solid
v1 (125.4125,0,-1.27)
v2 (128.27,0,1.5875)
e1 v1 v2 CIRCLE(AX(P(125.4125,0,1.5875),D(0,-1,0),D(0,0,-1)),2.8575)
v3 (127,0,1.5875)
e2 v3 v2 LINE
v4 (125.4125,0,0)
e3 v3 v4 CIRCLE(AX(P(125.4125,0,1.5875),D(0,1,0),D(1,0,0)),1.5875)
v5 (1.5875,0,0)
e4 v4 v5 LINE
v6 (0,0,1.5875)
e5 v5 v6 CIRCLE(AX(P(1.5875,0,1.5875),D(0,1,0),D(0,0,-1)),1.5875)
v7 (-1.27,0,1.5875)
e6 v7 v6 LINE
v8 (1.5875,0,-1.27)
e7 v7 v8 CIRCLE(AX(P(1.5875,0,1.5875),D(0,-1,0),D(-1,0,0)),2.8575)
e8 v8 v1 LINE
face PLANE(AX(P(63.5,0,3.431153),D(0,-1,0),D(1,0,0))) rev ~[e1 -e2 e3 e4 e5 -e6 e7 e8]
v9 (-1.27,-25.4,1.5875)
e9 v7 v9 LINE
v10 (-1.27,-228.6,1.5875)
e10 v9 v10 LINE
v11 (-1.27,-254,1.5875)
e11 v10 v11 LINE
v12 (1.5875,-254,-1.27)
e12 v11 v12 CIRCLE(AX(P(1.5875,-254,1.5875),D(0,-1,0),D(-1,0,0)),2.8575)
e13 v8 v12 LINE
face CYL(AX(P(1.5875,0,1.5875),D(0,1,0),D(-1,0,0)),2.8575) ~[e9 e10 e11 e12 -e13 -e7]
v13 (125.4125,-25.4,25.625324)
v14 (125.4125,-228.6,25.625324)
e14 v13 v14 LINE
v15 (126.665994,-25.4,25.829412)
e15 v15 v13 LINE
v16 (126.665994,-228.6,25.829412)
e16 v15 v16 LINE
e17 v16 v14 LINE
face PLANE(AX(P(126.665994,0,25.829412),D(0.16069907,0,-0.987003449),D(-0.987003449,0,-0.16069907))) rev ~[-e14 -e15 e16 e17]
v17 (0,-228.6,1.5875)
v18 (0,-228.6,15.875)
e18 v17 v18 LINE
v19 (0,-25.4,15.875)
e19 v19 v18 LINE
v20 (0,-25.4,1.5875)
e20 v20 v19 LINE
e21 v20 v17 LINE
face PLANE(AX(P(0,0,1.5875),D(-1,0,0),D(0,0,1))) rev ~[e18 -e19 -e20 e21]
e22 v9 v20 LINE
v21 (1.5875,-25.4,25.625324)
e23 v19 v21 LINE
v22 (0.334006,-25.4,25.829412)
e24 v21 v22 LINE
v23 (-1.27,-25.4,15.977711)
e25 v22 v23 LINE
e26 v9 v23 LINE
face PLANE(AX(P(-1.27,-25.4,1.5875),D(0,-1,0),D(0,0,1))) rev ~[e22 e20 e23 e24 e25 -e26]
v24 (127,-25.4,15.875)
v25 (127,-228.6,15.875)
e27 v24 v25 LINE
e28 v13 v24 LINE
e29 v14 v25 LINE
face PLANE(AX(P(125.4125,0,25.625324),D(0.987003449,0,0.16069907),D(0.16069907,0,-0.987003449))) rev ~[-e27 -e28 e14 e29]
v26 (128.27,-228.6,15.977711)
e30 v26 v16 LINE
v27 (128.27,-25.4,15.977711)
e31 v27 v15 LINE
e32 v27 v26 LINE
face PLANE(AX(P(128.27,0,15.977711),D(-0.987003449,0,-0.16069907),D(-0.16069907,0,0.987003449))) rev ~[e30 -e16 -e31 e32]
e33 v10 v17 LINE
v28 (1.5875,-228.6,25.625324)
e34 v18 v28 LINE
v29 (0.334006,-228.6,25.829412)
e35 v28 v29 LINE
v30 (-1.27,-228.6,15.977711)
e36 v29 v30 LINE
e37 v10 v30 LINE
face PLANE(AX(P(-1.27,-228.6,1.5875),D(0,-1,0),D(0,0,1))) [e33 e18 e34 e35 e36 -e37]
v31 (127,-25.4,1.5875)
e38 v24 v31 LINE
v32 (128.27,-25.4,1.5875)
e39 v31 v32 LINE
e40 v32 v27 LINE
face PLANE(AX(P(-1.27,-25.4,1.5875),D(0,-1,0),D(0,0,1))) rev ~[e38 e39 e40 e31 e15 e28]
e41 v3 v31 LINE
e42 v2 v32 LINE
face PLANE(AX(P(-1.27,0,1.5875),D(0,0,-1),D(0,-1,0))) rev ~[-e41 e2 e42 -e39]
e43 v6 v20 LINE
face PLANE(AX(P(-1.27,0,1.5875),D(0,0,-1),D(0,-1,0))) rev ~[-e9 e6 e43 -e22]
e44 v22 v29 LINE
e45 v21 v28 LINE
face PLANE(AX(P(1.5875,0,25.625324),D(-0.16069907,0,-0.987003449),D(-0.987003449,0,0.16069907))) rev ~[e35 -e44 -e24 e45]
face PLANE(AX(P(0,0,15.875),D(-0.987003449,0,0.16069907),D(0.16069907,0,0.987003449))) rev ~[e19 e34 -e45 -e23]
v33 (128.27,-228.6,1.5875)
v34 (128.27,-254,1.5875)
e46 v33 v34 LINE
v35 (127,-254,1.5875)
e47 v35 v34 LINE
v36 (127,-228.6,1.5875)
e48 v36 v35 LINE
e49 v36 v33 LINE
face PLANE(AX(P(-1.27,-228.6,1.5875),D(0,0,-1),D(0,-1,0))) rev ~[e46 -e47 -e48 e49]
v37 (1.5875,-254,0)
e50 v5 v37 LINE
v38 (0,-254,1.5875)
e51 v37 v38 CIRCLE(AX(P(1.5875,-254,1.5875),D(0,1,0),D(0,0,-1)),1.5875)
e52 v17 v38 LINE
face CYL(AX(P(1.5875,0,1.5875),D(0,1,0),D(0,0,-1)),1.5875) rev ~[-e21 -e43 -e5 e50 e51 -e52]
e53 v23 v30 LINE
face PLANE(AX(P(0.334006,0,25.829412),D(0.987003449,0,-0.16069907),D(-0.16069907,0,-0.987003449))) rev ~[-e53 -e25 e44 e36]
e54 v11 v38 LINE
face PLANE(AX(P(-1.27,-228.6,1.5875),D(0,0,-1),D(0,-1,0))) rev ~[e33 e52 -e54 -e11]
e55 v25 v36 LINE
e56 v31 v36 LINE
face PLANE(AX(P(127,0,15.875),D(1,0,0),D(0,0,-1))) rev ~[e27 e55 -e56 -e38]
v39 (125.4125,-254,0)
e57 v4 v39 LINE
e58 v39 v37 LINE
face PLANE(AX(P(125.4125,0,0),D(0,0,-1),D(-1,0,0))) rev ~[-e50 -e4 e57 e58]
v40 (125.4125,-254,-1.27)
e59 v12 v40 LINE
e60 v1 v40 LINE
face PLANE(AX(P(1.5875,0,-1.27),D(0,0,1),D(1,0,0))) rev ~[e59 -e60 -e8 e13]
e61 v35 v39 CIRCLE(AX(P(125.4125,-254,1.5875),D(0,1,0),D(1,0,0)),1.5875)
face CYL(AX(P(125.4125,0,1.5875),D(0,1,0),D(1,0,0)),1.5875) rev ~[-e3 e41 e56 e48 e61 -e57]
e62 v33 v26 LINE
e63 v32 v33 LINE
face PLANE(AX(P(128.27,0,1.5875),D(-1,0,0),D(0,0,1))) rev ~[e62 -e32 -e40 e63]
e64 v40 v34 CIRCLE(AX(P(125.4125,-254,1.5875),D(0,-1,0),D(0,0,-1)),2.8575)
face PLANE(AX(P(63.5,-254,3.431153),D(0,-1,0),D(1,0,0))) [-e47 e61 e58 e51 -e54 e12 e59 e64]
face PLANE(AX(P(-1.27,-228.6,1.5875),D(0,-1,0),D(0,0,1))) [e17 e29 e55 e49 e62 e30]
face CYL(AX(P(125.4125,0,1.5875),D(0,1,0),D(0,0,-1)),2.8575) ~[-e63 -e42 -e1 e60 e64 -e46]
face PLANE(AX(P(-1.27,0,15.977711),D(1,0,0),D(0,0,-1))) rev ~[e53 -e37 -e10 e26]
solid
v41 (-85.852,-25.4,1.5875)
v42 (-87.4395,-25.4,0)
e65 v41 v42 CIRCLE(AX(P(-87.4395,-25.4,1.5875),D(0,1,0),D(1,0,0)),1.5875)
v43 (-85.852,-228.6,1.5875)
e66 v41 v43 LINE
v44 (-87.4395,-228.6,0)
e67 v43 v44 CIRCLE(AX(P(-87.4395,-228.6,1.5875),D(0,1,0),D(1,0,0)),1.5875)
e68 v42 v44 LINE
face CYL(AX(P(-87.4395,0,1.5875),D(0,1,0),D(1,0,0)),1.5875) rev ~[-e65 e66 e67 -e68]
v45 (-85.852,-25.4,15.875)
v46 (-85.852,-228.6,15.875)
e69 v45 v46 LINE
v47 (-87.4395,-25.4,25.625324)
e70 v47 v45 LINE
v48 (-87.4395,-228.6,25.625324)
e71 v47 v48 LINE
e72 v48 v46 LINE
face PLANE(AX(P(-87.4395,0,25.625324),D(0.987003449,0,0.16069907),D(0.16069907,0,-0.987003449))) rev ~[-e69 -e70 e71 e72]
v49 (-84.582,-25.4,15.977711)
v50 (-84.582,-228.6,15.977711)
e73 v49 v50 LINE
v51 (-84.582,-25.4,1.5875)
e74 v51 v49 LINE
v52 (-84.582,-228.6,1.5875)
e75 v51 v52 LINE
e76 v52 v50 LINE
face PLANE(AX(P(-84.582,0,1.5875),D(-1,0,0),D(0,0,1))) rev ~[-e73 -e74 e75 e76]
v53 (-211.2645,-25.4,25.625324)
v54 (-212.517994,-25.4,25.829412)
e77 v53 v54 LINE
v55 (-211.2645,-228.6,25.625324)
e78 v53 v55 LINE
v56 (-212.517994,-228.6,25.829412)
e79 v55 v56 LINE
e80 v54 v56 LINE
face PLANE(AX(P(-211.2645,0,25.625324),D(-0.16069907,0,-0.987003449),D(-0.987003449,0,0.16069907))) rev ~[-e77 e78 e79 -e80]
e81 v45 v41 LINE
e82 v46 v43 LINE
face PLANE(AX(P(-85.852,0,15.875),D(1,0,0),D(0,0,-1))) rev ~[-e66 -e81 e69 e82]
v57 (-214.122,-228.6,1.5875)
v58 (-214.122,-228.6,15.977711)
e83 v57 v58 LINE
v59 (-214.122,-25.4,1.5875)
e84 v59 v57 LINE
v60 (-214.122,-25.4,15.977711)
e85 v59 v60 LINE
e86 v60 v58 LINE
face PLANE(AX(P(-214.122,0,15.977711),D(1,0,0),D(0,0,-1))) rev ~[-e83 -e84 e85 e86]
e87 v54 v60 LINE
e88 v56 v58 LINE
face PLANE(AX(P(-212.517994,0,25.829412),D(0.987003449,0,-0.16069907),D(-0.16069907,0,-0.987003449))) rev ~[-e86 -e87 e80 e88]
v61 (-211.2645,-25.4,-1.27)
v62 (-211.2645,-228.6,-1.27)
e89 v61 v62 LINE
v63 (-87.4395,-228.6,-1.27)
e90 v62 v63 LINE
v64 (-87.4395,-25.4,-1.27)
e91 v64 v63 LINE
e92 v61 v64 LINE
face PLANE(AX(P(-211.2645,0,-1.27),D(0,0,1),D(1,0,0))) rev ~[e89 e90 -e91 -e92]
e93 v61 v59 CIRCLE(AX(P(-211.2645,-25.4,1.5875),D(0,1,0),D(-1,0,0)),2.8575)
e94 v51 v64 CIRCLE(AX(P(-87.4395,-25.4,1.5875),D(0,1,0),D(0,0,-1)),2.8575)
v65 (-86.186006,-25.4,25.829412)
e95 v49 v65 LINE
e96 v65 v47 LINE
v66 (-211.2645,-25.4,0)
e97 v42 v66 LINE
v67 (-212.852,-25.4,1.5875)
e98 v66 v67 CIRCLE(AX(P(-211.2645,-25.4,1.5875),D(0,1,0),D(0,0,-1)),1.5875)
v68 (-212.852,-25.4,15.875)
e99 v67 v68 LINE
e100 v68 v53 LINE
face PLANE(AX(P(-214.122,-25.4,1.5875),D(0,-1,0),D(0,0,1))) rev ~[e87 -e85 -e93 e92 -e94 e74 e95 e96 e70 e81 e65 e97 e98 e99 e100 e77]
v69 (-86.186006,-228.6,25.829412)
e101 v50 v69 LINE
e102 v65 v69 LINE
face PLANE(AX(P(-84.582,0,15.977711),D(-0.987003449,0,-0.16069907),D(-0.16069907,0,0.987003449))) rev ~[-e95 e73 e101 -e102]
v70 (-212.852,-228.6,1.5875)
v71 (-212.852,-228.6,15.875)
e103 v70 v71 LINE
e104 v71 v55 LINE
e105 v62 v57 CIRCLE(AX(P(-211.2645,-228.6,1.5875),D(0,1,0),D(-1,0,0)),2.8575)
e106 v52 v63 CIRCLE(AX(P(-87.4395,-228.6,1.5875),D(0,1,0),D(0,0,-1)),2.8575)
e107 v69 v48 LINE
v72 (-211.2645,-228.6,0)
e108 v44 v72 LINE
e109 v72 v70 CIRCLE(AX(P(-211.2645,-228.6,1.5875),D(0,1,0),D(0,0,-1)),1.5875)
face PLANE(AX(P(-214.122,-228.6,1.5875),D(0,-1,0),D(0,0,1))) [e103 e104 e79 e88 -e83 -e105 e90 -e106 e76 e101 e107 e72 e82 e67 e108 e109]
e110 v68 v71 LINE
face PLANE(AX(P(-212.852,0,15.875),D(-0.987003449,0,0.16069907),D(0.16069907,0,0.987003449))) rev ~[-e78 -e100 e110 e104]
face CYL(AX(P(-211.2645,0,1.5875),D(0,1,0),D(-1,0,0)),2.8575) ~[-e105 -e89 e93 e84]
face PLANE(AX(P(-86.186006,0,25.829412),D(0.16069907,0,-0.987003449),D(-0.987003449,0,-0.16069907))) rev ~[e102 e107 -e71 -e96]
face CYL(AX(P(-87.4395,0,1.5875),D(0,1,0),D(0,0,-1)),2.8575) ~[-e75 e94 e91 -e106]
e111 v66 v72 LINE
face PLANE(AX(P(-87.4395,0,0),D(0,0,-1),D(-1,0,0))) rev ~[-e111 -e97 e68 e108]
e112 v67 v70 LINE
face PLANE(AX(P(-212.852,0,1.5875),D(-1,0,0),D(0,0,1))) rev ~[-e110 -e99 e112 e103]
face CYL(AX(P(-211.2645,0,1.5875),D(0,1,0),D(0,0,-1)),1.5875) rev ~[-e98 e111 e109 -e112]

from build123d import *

# Parameters (mm, degrees)
F1_DEPTH  = 254
F3_DEPTH  = 1.27
F5_DEPTH  = 1.27
F6_W      = 25.4
F6_H      = 24.2419116952
F7_DEPTH  = 129.541
F9_W      = 25.4
F9_H      = 3.5516537219
F9_W_2    = 25.5614472866
F9_H_2    = 3.244402954
F10_DEPTH = 342.393


with BuildPart() as f1:
    # F0 (on Front) → F1 (new body)
    with BuildSketch(Plane.XZ):
        with BuildLine():
            Line((0, 1.5875), (0, 15.875))
            Line((0, 15.875), (1.5875, 25.6253238767))
            Line((1.5875, 25.6253238767), (0.3340056193, 25.8294116952))
            Line((0.3340056193, 25.8294116952), (-1.27, 15.9777113559))
            Line((-1.27, 15.9777113559), (-1.27, 1.5875))
            ThreePointArc((-1.27, 1.5875), (-0.4330576272, -0.4330576272), (1.5875, -1.27))
            Line((1.5875, -1.27), (63.5, -1.27))
            Line((63.5, -1.27), (125.4125, -1.27))
            ThreePointArc((125.4125, -1.27), (127.4330576272, -0.4330576272), (128.27, 1.5875))
            Line((128.27, 1.5875), (128.27, 15.9777113559))
            Line((128.27, 15.9777113559), (126.6659943807, 25.8294116952))
            Line((126.6659943807, 25.8294116952), (125.4125, 25.6253238767))
            Line((125.4125, 25.6253238767), (127, 15.875))
            Line((127, 15.875), (127, 1.5875))
            ThreePointArc((127, 1.5875), (126.5350320151, 0.4649679849), (125.4125, 0))
            Line((125.4125, 0), (63.5, 0))
            Line((63.5, 0), (1.5875, 0))
            ThreePointArc((1.5875, 0), (0.4649679849, 0.4649679849), (0, 1.5875))
        make_face()
    extrude(amount=F1_DEPTH)

    # F2 (on face) → F3 (cut, through all)
    with BuildSketch(Plane(origin=(-3.7714366405, 0, 0.6140468504), x_dir=(0, -1, 0), z_dir=(-0.9870034493, 0, 0.1606990697))):
        with BuildLine():
            ThreePointArc((250.825, 25.5473928299), (253.0700640303, 24.6174568602), (254, 22.3723928299))
            Line((254, 22.3723928299), (254, 25.5473928299))
            Line((254, 25.5473928299), (250.825, 25.5473928299))
        make_face()
        with BuildLine():
            ThreePointArc((0, 22.3723928299), (0.9299359697, 24.6174568602), (3.175, 25.5473928299))
            Line((3.175, 25.5473928299), (0, 25.5473928299))
            Line((0, 25.5473928299), (0, 22.3723928299))
        make_face()
    extrude(amount=-F3_DEPTH, mode=Mode.SUBTRACT)

    # F4 (on face) → F5 (cut, through all)
    with BuildSketch(Plane(origin=(127.4917643851, 0, 20.7575849295), x_dir=(0, 1, 0), z_dir=(0.9870034493, 0, 0.1606990697))):
        with BuildLine():
            ThreePointArc((-254, 1.9636109837), (-253.0700640303, 4.208675014), (-250.825, 5.1386109837))
            Line((-250.825, 5.1386109837), (-254, 5.1386109837))
            Line((-254, 5.1386109837), (-254, 1.9636109837))
        make_face()
        with BuildLine():
            ThreePointArc((-3.175, 5.1386109837), (-0.9299359697, 4.208675014), (0, 1.9636109837))
            Line((0, 1.9636109837), (0, 5.1386109837))
            Line((0, 5.1386109837), (-3.175, 5.1386109837))
        make_face()
    extrude(amount=-F5_DEPTH, mode=Mode.SUBTRACT)

    # F6 (on face) → F7 (cut, through all)
    with BuildSketch(Plane(origin=(-1.27, 0, 0), x_dir=(0, -1, 0), z_dir=(-1, 0, 0))):
        with Locations((12.7, 13.7084558476)):
            Rectangle(F6_W, F6_H)
        with Locations((241.3, 13.7084558476)):
            Rectangle(F6_W, F6_H)
    extrude(amount=-F7_DEPTH, mode=Mode.SUBTRACT)


with BuildPart() as f8_1:
    # F8: copy of F1
    add(f1.part.moved(Location((-212.852, 0, 0))))

    # F9 (on face) → F10 (cut, through all)
    with BuildSketch(Plane(origin=(-214.122, 0, 0), x_dir=(0, -1, 0), z_dir=(-1, 0, 0))):
        with Locations((12.7, -0.188326861)):
            Rectangle(F9_W, F9_H)
        with Locations((241.3807236433, -0.034701477)):
            Rectangle(F9_W_2, F9_H_2)
    extrude(amount=-F10_DEPTH, mode=Mode.SUBTRACT)


solid = Compound([f1.part, f8_1.part])
